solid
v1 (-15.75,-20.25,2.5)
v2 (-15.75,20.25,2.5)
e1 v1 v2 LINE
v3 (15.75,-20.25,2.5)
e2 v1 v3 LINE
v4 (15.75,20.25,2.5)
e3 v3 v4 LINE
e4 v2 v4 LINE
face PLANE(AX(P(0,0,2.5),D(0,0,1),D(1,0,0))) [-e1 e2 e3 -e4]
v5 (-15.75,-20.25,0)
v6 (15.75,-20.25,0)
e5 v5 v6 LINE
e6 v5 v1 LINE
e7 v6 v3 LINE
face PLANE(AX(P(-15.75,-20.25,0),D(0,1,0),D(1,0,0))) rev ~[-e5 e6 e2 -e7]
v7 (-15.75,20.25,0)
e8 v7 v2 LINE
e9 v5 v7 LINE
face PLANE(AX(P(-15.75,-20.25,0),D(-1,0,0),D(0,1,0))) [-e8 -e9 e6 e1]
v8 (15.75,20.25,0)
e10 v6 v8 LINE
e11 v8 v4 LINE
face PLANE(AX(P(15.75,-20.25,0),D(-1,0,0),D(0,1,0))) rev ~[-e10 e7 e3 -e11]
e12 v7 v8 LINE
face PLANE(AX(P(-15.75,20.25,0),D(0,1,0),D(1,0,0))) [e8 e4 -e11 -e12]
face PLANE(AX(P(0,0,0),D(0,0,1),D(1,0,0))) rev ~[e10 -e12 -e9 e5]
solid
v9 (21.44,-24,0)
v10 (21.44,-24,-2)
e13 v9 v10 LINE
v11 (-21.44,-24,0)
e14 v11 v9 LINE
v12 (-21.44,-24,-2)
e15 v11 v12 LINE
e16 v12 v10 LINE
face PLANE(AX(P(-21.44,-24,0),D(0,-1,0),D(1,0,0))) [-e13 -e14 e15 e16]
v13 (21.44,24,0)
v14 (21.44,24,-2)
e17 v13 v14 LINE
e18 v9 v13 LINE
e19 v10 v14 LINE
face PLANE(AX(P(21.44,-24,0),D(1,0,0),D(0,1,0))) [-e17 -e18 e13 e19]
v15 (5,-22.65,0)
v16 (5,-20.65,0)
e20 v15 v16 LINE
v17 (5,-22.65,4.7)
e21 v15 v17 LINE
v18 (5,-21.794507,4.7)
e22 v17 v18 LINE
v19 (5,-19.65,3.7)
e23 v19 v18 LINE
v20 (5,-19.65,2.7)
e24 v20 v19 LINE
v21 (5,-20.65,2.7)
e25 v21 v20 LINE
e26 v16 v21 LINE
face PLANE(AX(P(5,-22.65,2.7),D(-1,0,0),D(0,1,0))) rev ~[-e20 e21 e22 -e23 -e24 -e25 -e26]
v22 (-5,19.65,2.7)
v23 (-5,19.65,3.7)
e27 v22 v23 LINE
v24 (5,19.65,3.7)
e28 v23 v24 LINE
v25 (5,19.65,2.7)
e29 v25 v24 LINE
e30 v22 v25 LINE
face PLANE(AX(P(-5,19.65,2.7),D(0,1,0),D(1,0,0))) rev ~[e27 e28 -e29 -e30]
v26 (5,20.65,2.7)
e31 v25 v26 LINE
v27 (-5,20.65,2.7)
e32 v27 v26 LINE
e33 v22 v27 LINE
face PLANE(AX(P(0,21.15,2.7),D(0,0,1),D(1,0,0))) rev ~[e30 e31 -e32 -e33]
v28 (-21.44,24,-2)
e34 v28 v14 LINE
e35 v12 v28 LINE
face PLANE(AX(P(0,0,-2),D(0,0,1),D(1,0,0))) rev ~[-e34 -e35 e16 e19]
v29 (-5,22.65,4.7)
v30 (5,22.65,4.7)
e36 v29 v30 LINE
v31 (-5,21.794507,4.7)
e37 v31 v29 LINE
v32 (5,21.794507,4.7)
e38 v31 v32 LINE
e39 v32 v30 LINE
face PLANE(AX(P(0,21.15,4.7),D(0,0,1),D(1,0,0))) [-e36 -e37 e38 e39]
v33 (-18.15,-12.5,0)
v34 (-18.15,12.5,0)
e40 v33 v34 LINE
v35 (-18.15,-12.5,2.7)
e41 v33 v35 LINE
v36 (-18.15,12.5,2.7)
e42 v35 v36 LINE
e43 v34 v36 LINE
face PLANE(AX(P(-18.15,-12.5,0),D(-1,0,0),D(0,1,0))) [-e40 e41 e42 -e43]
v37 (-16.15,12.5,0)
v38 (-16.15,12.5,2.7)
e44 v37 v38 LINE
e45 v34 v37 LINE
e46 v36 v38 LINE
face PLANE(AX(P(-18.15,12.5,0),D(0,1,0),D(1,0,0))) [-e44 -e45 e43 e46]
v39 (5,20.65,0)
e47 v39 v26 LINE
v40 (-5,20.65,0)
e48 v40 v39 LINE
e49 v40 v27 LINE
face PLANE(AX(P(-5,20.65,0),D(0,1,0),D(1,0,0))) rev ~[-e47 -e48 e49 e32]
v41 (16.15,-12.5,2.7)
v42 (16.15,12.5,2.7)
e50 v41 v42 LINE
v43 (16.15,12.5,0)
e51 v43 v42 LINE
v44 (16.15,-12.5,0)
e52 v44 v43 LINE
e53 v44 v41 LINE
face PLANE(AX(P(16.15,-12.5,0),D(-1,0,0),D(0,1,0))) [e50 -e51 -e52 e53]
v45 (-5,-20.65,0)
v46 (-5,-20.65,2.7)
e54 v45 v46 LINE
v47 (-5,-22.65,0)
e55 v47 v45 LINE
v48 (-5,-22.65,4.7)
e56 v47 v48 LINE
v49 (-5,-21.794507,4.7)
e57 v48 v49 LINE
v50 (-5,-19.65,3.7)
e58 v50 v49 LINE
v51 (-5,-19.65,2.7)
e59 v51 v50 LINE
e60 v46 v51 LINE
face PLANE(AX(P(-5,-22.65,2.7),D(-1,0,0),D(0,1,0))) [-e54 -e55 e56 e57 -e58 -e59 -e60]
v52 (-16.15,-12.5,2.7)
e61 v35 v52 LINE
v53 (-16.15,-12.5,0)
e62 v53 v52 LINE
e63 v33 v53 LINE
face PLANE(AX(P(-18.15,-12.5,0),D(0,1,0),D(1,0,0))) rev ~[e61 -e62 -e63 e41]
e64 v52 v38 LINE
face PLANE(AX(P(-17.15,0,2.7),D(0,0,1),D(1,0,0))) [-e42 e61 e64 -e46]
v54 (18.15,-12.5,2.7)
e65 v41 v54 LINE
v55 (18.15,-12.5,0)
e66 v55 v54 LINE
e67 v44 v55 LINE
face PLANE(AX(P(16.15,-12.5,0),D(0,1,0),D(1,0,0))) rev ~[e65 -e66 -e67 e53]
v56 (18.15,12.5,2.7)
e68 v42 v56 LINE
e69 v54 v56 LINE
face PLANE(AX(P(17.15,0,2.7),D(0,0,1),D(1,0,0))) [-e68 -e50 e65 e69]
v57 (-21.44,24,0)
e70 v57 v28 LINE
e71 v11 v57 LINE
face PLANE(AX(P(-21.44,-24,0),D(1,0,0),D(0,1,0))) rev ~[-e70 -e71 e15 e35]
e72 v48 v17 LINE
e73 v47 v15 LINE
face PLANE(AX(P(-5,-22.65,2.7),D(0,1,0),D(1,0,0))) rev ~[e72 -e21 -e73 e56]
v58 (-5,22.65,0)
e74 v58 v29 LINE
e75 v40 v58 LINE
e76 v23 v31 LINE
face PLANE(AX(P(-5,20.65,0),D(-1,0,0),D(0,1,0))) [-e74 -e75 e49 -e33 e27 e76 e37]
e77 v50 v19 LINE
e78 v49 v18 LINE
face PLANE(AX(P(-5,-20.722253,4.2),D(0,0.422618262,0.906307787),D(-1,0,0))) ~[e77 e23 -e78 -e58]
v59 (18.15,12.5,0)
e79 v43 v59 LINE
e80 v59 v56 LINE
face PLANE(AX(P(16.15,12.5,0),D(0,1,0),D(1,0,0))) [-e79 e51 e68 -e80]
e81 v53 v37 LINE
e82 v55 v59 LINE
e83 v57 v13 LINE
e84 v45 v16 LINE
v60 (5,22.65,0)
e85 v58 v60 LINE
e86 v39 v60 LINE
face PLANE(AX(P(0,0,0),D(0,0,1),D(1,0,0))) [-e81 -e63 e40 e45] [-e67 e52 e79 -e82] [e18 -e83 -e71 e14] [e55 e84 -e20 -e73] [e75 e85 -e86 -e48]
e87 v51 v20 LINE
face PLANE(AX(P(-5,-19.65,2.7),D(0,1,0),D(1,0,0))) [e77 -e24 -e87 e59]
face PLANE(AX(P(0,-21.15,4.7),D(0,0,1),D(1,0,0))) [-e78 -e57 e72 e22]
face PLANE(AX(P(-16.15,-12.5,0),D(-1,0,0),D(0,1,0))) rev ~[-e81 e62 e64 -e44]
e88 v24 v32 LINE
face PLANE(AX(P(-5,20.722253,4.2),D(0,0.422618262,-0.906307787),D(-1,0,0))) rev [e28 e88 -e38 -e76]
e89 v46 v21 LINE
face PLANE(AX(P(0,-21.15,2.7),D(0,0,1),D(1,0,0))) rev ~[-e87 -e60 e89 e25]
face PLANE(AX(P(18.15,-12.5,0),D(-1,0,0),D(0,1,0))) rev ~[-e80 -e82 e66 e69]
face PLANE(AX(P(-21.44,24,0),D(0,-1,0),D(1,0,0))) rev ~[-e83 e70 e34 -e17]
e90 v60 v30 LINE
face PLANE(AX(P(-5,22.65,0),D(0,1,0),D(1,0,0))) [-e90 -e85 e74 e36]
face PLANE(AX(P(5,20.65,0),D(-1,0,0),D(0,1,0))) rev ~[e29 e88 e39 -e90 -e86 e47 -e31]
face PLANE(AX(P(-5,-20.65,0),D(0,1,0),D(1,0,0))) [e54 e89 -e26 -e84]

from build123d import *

# Parameters (mm, degrees)
F0_W     = 31.5
F0_H     = 40.5
F1_DEPTH = 2.5
F2_W     = 2
F2_H     = 25
F3_DEPTH = 2.7
F2_W_2   = 10
F2_H_2   = 2
F4_W     = 42.88
F4_H     = 48
F5_DEPTH = 2
F6_W     = 10
F6_H     = 3
F7_DEPTH = 2
F8_SIZE2 = 2.1445069205
F8_SIZE  = 1
F9_SIZE2 = 2.1445069205
F9_SIZE  = 1


with BuildPart() as f1:
    # F0 (on Top) → F1 (new body)
    with BuildSketch(Plane.XY):
        Rectangle(F0_W, F0_H)
    extrude(amount=F1_DEPTH)


with BuildPart() as f3:
    # F2 (on Top) → F3 (new body)
    with BuildSketch(Plane.XY):
        with Locations((17.15, 0)):
            Rectangle(F2_W, F2_H)
    extrude(amount=F3_DEPTH)



with BuildPart() as f3b:
    # F2 (on Top) → F3, piece 2 (new body)
    with BuildSketch(Plane.XY):
        with Locations((0, -21.65)):
            Rectangle(F2_W_2, F2_H_2)
    extrude(amount=F3_DEPTH)


with BuildPart() as f3c:
    # F2 (on Top) → F3, piece 3 (new body)
    with BuildSketch(Plane.XY):
        with Locations((-17.15, 0)):
            Rectangle(F2_W, F2_H)
    extrude(amount=F3_DEPTH)


with BuildPart() as f3d:
    # F2 (on Top) → F3, piece 4 (new body)
    with BuildSketch(Plane.XY):
        with Locations((0, 21.65)):
            Rectangle(F2_W_2, F2_H_2)
    extrude(amount=F3_DEPTH)


with BuildPart() as f3_1:
    add(f3.part)

    add(f3b.part)  # F5 merges F3b

    add(f3c.part)  # F5 merges F3c

    add(f3d.part)  # F5 merges F3d
    # F4 (on Top) → F5 (join)
    with BuildSketch(Plane.XY):
        Rectangle(F4_W, F4_H)
    extrude(amount=-F5_DEPTH)

    # F6 (on face) → F7 (join)
    with BuildSketch(Plane.XY.offset(2.7)):
        with Locations((0, -21.15)):
            Rectangle(F6_W, F6_H)
        with Locations((0, 21.15)):
            Rectangle(F6_W, F6_H)
    extrude(amount=F7_DEPTH)

    # F8
    f8_edges = [f3_1.edges().sort_by_distance(p)[0] for p in [
        (0, 19.65, 4.7),
    ]]
    f8_side = f3_1.faces().sort_by_distance((0, 19.65, 3.7))[0]
    chamfer(f8_edges, length=F8_SIZE, length2=F8_SIZE2, reference=f8_side)

    # F9
    f9_edges = [f3_1.edges().sort_by_distance(p)[0] for p in [
        (0, -19.65, 4.7),
    ]]
    f9_side = f3_1.faces().sort_by_distance((0, -19.65, 3.7))[0]
    chamfer(f9_edges, length=F9_SIZE, length2=F9_SIZE2, reference=f9_side)


solid = Compound([f1.part, f3_1.part])
